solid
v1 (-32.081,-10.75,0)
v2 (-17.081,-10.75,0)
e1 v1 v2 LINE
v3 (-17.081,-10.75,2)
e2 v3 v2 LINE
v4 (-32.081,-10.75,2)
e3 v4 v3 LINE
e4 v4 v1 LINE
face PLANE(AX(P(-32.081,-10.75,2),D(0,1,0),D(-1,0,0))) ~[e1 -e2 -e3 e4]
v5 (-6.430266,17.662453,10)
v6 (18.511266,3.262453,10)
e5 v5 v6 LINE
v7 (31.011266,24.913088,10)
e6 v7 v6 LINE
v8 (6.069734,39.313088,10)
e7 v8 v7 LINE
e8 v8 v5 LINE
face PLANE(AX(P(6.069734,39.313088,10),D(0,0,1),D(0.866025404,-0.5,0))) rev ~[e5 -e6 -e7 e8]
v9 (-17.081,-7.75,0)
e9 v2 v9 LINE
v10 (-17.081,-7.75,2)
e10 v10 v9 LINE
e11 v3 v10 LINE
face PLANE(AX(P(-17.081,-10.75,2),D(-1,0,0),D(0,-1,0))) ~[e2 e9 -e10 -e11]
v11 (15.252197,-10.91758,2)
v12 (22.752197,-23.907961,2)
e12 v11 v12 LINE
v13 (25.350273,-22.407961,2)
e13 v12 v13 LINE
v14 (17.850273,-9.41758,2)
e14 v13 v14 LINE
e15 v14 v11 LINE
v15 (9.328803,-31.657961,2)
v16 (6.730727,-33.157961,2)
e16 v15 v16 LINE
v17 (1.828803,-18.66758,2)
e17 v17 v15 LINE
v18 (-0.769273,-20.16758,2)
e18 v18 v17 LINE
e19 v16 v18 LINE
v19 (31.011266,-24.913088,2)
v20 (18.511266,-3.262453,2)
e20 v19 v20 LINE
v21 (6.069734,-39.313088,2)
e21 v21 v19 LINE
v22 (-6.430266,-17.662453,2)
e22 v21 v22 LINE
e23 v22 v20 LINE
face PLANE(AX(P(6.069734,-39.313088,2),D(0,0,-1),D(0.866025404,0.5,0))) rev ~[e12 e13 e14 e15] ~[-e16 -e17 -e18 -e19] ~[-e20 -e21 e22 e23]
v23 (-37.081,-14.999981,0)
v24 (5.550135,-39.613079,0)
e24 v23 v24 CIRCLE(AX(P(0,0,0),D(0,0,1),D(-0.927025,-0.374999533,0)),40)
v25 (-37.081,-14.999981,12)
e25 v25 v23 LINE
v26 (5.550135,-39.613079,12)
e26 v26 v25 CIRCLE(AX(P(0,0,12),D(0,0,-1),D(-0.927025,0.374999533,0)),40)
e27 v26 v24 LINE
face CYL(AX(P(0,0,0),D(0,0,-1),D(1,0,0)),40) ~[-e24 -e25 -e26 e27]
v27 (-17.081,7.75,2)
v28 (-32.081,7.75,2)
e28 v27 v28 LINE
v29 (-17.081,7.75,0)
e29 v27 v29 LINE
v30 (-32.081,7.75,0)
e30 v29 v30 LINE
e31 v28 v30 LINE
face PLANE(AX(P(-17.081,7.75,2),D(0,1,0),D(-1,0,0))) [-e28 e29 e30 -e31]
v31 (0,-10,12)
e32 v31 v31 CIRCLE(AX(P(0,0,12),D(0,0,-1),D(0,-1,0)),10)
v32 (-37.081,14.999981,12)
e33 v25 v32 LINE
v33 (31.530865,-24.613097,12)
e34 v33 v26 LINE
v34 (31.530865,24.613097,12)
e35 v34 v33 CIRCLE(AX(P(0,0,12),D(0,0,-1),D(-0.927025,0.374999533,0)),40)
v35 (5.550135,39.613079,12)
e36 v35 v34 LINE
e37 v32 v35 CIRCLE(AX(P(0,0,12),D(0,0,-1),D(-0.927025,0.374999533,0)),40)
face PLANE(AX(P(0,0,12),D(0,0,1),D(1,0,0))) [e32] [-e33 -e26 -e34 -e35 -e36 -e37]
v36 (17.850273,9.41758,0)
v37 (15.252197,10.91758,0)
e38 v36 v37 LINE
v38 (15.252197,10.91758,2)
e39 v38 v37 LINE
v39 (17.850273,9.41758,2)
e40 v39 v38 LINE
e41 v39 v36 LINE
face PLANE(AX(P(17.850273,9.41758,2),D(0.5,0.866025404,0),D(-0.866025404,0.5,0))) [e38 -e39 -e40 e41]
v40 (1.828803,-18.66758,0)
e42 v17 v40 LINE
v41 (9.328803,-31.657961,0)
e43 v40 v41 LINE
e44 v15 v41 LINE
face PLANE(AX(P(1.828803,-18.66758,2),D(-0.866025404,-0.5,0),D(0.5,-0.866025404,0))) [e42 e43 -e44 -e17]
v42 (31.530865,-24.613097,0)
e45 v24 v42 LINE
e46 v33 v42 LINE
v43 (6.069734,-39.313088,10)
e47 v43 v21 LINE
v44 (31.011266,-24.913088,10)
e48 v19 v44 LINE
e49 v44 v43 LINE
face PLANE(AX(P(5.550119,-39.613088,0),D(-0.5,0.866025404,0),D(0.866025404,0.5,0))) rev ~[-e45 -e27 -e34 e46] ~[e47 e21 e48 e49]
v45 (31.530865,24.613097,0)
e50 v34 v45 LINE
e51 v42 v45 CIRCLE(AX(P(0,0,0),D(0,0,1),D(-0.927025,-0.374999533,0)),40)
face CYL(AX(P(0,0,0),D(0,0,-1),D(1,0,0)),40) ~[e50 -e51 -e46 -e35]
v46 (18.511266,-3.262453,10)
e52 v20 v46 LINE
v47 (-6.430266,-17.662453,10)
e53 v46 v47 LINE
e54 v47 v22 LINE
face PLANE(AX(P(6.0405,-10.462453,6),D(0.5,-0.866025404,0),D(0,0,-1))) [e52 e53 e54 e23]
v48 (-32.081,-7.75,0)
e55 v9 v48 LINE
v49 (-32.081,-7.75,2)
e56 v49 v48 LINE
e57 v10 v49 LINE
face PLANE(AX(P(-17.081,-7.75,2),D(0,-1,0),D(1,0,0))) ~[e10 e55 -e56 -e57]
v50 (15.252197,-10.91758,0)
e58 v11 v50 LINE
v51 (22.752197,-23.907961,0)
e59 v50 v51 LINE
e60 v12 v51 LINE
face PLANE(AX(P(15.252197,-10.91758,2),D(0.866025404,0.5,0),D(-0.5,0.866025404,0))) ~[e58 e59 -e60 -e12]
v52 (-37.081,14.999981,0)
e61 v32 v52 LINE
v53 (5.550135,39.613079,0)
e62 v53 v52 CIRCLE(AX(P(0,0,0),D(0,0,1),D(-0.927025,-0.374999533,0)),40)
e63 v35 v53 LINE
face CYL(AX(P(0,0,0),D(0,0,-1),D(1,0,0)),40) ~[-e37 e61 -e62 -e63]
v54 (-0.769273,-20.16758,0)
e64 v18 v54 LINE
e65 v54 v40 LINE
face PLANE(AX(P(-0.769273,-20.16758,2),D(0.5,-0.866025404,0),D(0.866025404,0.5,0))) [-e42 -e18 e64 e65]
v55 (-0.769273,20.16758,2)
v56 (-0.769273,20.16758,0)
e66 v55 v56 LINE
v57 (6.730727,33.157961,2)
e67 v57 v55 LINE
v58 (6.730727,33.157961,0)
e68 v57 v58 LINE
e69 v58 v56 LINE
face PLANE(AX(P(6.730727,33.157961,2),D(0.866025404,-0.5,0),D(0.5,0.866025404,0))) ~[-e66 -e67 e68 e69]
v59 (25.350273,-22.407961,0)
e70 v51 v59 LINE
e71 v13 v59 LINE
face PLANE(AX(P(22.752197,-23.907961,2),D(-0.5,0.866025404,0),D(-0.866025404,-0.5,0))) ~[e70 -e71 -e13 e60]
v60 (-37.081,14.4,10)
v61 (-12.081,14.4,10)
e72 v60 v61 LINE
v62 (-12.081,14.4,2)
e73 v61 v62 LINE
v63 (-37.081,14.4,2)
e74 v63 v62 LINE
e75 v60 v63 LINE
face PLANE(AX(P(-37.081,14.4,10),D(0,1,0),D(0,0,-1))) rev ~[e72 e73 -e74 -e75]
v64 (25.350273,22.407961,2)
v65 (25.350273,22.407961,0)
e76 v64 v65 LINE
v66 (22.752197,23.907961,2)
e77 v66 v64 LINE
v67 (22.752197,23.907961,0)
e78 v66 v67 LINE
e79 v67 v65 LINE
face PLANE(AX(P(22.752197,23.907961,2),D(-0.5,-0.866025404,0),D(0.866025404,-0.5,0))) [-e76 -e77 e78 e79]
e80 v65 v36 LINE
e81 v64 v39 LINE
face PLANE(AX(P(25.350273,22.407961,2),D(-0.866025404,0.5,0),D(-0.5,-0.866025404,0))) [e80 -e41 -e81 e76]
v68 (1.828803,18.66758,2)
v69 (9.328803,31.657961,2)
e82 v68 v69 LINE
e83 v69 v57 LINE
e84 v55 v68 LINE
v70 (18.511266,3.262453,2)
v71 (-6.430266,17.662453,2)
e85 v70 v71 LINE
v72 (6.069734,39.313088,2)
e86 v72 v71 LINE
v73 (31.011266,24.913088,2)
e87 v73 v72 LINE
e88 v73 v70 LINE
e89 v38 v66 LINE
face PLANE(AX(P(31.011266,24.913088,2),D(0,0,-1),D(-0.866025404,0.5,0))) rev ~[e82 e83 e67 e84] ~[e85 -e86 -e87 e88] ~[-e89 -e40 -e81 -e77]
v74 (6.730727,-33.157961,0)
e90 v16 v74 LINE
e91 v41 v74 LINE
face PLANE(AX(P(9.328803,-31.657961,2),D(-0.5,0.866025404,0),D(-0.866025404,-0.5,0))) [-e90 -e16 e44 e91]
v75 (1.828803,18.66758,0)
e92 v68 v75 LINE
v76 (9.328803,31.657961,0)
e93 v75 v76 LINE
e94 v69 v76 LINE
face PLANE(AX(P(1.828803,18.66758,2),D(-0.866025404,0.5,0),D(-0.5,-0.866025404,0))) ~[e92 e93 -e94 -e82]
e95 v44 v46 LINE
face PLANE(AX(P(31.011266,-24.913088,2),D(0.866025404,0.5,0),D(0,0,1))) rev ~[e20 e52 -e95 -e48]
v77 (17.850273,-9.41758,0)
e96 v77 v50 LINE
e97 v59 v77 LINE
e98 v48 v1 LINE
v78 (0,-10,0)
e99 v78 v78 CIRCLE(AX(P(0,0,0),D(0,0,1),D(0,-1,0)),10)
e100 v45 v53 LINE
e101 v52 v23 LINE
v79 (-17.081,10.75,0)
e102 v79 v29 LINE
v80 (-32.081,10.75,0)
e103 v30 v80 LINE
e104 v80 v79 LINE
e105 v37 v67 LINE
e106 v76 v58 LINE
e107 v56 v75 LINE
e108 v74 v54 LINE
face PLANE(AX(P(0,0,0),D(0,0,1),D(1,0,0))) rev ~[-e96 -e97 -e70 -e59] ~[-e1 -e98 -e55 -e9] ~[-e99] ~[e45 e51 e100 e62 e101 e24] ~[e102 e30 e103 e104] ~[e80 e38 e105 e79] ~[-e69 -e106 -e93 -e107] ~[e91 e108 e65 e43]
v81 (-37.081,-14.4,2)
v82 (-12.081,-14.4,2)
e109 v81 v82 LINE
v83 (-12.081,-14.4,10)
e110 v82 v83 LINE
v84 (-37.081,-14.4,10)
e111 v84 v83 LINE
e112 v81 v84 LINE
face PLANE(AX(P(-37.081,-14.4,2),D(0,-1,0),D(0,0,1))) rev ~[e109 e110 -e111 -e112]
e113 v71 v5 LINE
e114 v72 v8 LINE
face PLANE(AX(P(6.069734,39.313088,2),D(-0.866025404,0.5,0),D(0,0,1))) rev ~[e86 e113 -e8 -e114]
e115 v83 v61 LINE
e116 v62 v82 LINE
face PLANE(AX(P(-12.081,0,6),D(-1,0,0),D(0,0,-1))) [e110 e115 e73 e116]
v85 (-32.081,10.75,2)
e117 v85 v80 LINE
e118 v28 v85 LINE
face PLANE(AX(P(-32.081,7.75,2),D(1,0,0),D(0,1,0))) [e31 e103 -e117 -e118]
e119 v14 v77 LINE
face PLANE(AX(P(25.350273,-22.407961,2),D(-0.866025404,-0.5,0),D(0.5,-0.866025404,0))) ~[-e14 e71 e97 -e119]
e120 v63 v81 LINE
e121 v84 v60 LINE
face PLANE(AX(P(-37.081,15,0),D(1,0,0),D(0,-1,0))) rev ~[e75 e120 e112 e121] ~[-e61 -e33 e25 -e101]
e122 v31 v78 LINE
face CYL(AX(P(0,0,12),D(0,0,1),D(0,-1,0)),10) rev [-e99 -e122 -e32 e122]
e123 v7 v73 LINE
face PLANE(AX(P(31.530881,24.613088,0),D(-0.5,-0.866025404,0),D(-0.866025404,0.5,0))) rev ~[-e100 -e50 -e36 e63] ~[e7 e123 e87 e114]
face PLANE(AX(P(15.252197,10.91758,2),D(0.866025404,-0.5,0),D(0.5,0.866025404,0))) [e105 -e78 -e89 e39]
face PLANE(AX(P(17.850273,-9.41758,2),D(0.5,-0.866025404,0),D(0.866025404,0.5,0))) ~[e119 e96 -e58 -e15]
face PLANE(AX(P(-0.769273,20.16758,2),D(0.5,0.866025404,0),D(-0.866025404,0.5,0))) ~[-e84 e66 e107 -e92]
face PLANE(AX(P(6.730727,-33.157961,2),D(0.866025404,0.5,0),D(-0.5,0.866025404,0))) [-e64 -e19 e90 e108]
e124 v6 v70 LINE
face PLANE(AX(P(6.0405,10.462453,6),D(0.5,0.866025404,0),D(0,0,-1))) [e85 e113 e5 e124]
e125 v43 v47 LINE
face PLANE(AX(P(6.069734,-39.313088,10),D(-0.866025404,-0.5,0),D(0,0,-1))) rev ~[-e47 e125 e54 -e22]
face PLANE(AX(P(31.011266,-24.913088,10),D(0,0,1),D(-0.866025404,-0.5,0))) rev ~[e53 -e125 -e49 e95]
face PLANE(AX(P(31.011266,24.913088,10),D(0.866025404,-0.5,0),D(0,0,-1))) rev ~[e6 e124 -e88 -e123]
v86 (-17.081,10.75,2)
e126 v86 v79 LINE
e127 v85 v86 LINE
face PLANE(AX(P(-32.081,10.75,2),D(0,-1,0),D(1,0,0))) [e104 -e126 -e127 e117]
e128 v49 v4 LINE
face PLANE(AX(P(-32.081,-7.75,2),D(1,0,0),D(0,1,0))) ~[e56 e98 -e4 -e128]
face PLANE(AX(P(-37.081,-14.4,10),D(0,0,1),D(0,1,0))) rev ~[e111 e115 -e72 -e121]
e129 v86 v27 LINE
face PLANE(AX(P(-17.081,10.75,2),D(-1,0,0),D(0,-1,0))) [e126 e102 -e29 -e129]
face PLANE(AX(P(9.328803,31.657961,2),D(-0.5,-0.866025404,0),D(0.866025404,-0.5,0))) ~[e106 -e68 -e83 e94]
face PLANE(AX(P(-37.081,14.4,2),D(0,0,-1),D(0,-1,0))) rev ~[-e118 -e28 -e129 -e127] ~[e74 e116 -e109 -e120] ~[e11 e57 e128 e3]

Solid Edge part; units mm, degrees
sketch "Sketch1" plane through (0, 0, 0) normal (0, 0, 1) x (1, 0, 0)
  circle A0 centre (0, 0) radius 40
  dimension "D1" = 80
extrude "Protrusion1" add sketch "Sketch1" along normal blind 12
hole "Bohrung_1" at (0, 0, 12) direction (0, 0, -1) diameter 20 end through all
sketch "Sketch2" plane through (0, 0, 0) normal (0, 0, 1) x (1, 0, 0)
  line L0 (-37.081, 15) -> (-37.081, -15)
extrude "Cutout1" cut sketch "Sketch2" along normal through all material side at (-37.131, 0, 0)
sketch "Sketch3" plane through (-37.081, 0, 6) normal (-1, 0, 0) x (0, -1, 0)
  line L0 (14.4, 4) -> (-14.4, 4)
  line L1 (-14.4, 4) -> (-14.4, -4)
  line L2 (-14.4, -4) -> (14.4, -4)
  line L3 (14.4, -4) -> (14.4, 4)
extrude "Extrusionsausschnitt_5" cut sketch "Sketch3" against normal blind 25
sketch "Sketch4" plane through (-24.581, 0, 2) normal (0, 0, 1) x (0, -1, 0)
  line L0 (-7.75, 7.5) -> (-7.75, -7.5)
  line L1 (-7.75, -7.5) -> (-10.75, -7.5)
  line L2 (-10.75, -7.5) -> (-10.75, 7.5)
  line L3 (-10.75, 7.5) -> (-7.75, 7.5)
extrude "Cutout2" cut sketch "Sketch4" against normal through all
mirror "Mirror1" about plane through (0, 0, 0) normal (0, -1, 0) of "Cutout2"
pattern_circular "Pattern1" count 3 over 360 about axis through (0, 0, 0) along (0, 0, -1) of "Mirror1", "Cutout2", "Extrusionsausschnitt_5", "Cutout1"
